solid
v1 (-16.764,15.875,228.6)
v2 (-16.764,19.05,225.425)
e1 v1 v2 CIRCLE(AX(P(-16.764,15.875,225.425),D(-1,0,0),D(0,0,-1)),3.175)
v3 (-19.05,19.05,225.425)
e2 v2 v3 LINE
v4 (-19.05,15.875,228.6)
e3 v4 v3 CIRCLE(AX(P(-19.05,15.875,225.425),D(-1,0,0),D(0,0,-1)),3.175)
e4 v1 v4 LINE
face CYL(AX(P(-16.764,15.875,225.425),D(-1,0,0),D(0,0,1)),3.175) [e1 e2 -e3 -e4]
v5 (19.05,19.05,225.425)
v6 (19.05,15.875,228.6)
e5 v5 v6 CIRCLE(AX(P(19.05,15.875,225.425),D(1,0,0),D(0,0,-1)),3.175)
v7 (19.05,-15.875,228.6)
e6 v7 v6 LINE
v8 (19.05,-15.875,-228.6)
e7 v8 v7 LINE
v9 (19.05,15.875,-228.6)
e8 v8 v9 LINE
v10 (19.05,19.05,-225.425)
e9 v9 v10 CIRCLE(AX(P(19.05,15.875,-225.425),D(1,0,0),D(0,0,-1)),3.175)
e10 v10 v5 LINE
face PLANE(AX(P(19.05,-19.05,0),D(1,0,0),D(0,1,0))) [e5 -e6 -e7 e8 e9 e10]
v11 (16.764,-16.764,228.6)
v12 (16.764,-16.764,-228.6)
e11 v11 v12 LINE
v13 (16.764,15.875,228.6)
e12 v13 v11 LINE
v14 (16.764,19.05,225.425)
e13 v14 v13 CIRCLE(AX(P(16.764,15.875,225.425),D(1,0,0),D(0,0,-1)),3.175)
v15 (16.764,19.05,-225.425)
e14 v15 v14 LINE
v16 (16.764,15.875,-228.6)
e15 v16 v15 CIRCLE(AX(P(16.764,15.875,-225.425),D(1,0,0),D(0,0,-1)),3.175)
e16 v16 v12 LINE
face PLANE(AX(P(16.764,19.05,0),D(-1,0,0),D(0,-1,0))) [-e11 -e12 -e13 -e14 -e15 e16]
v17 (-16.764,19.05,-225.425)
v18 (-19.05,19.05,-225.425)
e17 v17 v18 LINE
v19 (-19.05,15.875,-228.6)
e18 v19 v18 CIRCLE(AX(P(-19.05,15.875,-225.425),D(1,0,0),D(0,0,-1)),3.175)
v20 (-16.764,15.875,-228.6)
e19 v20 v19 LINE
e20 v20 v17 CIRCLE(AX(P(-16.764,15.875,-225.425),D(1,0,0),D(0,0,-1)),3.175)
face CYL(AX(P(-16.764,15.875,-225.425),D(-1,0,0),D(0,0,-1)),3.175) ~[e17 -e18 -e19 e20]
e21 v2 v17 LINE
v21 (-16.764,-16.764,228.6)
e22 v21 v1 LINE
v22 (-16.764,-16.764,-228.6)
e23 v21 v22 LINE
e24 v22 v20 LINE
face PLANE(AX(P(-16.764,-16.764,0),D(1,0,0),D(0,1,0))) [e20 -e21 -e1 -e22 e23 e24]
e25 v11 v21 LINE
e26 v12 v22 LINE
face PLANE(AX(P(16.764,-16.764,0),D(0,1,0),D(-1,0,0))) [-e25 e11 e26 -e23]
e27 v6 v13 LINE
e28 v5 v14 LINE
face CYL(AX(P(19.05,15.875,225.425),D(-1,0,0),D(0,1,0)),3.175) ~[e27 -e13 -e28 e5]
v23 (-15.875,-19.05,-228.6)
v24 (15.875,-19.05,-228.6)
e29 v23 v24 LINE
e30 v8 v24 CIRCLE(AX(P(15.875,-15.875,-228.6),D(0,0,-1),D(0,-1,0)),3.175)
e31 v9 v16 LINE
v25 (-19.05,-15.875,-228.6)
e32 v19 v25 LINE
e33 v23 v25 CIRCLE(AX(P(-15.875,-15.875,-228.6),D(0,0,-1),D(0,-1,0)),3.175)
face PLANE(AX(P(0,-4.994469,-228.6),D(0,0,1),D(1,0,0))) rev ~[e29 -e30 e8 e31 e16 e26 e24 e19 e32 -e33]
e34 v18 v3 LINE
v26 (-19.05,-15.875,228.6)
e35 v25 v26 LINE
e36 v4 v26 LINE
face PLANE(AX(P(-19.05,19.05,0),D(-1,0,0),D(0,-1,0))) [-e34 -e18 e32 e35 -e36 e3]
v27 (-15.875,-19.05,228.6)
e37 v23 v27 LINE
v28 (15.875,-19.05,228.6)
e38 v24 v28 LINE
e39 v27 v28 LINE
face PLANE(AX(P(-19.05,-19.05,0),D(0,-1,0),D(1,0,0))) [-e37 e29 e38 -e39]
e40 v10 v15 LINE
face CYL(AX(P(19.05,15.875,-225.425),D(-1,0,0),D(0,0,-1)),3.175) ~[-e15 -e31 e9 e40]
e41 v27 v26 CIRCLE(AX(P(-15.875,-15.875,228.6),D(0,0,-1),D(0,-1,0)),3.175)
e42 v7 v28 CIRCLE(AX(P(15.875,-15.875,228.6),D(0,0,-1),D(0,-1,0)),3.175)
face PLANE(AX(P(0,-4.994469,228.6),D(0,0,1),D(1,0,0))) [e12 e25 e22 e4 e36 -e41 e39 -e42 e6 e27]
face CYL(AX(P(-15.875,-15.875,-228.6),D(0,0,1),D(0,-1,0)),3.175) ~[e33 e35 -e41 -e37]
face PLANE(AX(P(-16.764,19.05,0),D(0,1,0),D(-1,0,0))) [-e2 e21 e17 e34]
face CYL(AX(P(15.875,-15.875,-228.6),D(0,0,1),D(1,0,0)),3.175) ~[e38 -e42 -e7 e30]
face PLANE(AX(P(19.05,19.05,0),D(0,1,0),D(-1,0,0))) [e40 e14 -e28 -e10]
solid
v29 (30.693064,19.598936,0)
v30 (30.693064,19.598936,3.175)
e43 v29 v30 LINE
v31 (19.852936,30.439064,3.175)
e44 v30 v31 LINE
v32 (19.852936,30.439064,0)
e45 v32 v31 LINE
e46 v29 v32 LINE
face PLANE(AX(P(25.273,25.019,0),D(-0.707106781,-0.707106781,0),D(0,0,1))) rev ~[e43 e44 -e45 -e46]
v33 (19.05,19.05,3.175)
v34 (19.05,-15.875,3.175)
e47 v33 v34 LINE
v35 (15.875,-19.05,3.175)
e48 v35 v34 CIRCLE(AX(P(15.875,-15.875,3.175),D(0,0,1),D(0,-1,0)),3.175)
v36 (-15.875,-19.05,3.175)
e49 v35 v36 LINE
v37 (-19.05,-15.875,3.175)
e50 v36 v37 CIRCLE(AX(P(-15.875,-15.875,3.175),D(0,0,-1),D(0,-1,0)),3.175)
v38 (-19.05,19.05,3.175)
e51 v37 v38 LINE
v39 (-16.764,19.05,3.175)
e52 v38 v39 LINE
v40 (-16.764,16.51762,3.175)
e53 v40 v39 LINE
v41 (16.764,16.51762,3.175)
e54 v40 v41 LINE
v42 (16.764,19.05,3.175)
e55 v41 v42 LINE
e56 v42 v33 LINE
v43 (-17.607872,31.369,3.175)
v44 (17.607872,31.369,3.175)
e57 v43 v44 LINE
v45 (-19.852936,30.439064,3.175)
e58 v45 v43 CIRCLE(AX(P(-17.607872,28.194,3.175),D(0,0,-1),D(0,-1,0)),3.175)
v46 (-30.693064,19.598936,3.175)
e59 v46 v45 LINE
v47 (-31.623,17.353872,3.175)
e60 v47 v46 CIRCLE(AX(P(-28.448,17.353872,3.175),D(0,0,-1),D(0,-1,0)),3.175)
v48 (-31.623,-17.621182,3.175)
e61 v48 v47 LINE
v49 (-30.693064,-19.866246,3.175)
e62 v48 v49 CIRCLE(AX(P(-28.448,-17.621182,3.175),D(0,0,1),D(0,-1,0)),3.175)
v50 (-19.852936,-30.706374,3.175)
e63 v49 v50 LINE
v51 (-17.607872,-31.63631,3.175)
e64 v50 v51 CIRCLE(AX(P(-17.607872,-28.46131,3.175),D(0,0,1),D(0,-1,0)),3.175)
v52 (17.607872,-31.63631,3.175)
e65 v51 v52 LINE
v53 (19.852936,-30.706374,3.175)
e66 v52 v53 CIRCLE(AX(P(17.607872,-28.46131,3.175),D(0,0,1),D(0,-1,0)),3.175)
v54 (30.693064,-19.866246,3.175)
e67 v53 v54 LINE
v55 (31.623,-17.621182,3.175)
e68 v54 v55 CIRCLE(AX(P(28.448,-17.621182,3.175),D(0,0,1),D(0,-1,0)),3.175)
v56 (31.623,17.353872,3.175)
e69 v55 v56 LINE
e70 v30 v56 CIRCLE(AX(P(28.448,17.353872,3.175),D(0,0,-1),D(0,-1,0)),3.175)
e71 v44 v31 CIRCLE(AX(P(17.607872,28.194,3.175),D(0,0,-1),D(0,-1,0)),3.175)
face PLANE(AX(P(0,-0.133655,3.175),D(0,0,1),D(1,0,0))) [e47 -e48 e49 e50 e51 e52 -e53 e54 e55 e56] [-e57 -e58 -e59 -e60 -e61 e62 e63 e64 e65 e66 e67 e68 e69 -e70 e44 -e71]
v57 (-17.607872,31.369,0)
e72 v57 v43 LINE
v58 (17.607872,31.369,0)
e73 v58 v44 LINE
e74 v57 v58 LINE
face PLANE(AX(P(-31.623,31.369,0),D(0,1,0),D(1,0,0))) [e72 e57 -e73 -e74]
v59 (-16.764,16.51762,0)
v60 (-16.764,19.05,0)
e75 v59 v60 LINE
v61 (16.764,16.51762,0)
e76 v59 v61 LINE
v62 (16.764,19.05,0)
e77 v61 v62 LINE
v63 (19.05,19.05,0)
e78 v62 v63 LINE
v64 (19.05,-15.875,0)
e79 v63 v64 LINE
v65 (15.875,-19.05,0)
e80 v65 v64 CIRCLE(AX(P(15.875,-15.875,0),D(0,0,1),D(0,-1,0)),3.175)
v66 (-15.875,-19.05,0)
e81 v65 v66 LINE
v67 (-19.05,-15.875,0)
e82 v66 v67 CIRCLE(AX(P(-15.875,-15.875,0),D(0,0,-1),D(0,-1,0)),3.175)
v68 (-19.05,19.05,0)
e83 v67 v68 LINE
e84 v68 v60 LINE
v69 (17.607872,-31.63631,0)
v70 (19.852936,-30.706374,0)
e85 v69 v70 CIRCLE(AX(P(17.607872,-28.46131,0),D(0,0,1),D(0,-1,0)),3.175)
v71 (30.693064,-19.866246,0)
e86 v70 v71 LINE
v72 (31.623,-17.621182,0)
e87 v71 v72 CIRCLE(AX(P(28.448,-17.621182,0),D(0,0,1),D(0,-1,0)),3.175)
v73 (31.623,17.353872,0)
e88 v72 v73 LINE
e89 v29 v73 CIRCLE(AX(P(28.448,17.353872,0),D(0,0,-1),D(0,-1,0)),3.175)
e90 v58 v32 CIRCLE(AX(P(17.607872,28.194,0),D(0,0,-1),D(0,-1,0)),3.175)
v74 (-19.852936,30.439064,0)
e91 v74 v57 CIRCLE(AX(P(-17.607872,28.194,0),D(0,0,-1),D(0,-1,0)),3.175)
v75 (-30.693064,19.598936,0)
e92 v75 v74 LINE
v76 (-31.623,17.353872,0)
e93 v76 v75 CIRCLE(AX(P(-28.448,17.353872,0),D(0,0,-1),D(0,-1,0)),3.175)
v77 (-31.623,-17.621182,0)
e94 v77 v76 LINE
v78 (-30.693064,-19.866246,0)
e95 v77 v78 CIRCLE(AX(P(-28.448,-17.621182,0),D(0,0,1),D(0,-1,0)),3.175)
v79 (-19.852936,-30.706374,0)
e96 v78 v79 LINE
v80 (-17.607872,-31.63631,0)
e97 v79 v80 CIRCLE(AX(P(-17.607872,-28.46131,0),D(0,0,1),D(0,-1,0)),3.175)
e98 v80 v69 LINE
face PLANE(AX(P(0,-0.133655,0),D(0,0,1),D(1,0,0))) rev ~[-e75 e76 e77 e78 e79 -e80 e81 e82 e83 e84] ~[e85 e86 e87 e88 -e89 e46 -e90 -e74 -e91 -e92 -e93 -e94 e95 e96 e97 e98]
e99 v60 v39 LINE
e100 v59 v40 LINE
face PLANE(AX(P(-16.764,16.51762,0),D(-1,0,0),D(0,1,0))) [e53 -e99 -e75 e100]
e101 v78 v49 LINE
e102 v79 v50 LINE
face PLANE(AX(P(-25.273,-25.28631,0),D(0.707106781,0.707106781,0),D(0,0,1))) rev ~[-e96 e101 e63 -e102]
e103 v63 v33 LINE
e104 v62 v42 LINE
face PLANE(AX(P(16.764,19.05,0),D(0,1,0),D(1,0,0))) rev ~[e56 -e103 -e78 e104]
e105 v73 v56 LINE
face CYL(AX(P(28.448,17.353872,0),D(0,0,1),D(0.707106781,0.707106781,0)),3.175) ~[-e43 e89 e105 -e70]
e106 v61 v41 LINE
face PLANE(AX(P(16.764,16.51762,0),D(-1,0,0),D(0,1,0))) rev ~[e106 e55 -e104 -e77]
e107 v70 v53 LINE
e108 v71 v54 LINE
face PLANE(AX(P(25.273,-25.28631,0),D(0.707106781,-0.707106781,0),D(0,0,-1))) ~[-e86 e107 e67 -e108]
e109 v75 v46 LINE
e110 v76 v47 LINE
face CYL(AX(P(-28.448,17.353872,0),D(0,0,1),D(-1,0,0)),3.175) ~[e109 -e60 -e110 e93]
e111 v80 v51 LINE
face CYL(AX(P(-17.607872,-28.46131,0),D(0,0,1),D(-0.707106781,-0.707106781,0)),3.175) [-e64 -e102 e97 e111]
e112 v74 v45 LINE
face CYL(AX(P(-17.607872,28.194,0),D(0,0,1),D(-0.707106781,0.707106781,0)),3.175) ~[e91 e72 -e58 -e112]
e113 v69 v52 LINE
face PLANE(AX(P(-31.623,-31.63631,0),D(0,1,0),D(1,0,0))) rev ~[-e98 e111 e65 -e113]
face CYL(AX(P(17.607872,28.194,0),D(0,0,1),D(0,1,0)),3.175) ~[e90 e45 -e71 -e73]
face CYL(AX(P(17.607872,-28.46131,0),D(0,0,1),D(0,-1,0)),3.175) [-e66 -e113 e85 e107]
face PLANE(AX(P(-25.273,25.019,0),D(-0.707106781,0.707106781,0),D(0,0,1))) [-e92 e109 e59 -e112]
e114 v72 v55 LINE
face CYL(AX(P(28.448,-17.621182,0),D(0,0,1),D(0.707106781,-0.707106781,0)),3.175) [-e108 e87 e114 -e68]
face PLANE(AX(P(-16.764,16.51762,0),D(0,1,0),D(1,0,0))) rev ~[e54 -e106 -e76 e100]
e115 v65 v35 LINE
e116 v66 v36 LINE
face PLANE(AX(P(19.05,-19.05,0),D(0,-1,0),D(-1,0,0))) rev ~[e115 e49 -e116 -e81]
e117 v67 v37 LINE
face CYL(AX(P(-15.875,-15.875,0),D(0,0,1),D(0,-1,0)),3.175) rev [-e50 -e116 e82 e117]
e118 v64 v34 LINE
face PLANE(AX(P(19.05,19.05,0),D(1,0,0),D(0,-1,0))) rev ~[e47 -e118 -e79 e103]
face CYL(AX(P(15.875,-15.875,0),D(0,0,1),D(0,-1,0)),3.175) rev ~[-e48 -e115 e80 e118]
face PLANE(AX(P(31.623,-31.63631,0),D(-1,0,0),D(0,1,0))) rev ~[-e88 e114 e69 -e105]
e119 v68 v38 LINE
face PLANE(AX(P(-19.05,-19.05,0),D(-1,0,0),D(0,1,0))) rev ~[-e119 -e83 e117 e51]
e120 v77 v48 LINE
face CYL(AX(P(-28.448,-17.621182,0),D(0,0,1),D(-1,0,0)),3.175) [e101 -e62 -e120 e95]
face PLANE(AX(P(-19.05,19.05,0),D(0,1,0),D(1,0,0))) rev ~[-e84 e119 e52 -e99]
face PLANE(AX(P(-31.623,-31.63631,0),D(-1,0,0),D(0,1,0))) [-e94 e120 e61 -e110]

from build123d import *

# Parameters (mm, degrees)
F1_DEPTH = 228.6
F2_R     = 3.175
F3_R     = 3.175
F0_W     = 63.246
F0_H     = 63.0053096
F0_W_2   = 33.528
F0_H_2   = 2.53238
F4_DEPTH = 3.175
F5_SIZE  = 12.7
F6_R     = 3.175
F7_R     = 3.175


with BuildPart() as f1:
    # F0 (on Top) → F1 (new body, symmetric)
    with BuildSketch(Plane.XY):
        Polygon((-16.764, 19.05), (-19.05, 19.05), (-19.05, -19.05), (19.05, -19.05), (19.05, 19.05), (16.764, 19.05), (16.764, 16.51762), (16.764, -16.764), (-16.764, -16.764), (-16.764, 16.51762), align=None)
    extrude(amount=F1_DEPTH, both=True)

    # F2
    f2_edges = [f1.edges().sort_by_distance(p)[0] for p in [
        (19.05, -19.05, 0),
        (-19.05, -19.05, 0),
    ]]
    fillet(f2_edges, radius=F2_R)

    # F3
    f3_edges = [f1.edges().sort_by_distance(p)[0] for p in [
        (-17.907, 19.05, 228.6),
        (17.907, 19.05, 228.6),
        (-17.907, 19.05, -228.6),
        (17.907, 19.05, -228.6),
    ]]
    fillet(f3_edges, radius=F3_R)


with BuildPart() as f4:
    # F0 (on Top) → F4 (new body)
    with BuildSketch(Plane.XY):
        with Locations((0, -0.1336548)):
            Rectangle(F0_W, F0_H)
        Polygon((-19.05, -19.05), (-19.05, 19.05), (-16.764, 19.05), (16.764, 19.05), (19.05, 19.05), (19.05, -19.05), align=None, mode=Mode.SUBTRACT)
        with Locations((0, 17.78381)):
            Rectangle(F0_W_2, F0_H_2)
    extrude(amount=F4_DEPTH)

    # F5
    f5_edges = [f4.edges().sort_by_distance(p)[0] for p in [
        (-31.623, 31.369, 1.5875),
        (-31.623, -31.63631, 1.5875),
        (31.623, -31.63631, 1.5875),
        (31.623, 31.369, 1.5875),
    ]]
    chamfer(f5_edges, length=F5_SIZE)

    # F6
    f6_edges = [f4.edges().sort_by_distance(p)[0] for p in [
        (-19.05, -19.05, 1.5875),
        (19.05, -19.05, 1.5875),
    ]]
    fillet(f6_edges, radius=F6_R)

    # F7
    f7_edges = [f4.edges().sort_by_distance(p)[0] for p in [
        (31.623, -18.93631, 1.5875),
        (31.623, 18.669, 1.5875),
        (18.923, 31.369, 1.5875),
        (-18.923, 31.369, 1.5875),
        (18.923, -31.63631, 1.5875),
        (-18.923, -31.63631, 1.5875),
        (-31.623, 18.669, 1.5875),
        (-31.623, -18.93631, 1.5875),
    ]]
    fillet(f7_edges, radius=F7_R)


solid = Compound([f1.part, f4.part])
